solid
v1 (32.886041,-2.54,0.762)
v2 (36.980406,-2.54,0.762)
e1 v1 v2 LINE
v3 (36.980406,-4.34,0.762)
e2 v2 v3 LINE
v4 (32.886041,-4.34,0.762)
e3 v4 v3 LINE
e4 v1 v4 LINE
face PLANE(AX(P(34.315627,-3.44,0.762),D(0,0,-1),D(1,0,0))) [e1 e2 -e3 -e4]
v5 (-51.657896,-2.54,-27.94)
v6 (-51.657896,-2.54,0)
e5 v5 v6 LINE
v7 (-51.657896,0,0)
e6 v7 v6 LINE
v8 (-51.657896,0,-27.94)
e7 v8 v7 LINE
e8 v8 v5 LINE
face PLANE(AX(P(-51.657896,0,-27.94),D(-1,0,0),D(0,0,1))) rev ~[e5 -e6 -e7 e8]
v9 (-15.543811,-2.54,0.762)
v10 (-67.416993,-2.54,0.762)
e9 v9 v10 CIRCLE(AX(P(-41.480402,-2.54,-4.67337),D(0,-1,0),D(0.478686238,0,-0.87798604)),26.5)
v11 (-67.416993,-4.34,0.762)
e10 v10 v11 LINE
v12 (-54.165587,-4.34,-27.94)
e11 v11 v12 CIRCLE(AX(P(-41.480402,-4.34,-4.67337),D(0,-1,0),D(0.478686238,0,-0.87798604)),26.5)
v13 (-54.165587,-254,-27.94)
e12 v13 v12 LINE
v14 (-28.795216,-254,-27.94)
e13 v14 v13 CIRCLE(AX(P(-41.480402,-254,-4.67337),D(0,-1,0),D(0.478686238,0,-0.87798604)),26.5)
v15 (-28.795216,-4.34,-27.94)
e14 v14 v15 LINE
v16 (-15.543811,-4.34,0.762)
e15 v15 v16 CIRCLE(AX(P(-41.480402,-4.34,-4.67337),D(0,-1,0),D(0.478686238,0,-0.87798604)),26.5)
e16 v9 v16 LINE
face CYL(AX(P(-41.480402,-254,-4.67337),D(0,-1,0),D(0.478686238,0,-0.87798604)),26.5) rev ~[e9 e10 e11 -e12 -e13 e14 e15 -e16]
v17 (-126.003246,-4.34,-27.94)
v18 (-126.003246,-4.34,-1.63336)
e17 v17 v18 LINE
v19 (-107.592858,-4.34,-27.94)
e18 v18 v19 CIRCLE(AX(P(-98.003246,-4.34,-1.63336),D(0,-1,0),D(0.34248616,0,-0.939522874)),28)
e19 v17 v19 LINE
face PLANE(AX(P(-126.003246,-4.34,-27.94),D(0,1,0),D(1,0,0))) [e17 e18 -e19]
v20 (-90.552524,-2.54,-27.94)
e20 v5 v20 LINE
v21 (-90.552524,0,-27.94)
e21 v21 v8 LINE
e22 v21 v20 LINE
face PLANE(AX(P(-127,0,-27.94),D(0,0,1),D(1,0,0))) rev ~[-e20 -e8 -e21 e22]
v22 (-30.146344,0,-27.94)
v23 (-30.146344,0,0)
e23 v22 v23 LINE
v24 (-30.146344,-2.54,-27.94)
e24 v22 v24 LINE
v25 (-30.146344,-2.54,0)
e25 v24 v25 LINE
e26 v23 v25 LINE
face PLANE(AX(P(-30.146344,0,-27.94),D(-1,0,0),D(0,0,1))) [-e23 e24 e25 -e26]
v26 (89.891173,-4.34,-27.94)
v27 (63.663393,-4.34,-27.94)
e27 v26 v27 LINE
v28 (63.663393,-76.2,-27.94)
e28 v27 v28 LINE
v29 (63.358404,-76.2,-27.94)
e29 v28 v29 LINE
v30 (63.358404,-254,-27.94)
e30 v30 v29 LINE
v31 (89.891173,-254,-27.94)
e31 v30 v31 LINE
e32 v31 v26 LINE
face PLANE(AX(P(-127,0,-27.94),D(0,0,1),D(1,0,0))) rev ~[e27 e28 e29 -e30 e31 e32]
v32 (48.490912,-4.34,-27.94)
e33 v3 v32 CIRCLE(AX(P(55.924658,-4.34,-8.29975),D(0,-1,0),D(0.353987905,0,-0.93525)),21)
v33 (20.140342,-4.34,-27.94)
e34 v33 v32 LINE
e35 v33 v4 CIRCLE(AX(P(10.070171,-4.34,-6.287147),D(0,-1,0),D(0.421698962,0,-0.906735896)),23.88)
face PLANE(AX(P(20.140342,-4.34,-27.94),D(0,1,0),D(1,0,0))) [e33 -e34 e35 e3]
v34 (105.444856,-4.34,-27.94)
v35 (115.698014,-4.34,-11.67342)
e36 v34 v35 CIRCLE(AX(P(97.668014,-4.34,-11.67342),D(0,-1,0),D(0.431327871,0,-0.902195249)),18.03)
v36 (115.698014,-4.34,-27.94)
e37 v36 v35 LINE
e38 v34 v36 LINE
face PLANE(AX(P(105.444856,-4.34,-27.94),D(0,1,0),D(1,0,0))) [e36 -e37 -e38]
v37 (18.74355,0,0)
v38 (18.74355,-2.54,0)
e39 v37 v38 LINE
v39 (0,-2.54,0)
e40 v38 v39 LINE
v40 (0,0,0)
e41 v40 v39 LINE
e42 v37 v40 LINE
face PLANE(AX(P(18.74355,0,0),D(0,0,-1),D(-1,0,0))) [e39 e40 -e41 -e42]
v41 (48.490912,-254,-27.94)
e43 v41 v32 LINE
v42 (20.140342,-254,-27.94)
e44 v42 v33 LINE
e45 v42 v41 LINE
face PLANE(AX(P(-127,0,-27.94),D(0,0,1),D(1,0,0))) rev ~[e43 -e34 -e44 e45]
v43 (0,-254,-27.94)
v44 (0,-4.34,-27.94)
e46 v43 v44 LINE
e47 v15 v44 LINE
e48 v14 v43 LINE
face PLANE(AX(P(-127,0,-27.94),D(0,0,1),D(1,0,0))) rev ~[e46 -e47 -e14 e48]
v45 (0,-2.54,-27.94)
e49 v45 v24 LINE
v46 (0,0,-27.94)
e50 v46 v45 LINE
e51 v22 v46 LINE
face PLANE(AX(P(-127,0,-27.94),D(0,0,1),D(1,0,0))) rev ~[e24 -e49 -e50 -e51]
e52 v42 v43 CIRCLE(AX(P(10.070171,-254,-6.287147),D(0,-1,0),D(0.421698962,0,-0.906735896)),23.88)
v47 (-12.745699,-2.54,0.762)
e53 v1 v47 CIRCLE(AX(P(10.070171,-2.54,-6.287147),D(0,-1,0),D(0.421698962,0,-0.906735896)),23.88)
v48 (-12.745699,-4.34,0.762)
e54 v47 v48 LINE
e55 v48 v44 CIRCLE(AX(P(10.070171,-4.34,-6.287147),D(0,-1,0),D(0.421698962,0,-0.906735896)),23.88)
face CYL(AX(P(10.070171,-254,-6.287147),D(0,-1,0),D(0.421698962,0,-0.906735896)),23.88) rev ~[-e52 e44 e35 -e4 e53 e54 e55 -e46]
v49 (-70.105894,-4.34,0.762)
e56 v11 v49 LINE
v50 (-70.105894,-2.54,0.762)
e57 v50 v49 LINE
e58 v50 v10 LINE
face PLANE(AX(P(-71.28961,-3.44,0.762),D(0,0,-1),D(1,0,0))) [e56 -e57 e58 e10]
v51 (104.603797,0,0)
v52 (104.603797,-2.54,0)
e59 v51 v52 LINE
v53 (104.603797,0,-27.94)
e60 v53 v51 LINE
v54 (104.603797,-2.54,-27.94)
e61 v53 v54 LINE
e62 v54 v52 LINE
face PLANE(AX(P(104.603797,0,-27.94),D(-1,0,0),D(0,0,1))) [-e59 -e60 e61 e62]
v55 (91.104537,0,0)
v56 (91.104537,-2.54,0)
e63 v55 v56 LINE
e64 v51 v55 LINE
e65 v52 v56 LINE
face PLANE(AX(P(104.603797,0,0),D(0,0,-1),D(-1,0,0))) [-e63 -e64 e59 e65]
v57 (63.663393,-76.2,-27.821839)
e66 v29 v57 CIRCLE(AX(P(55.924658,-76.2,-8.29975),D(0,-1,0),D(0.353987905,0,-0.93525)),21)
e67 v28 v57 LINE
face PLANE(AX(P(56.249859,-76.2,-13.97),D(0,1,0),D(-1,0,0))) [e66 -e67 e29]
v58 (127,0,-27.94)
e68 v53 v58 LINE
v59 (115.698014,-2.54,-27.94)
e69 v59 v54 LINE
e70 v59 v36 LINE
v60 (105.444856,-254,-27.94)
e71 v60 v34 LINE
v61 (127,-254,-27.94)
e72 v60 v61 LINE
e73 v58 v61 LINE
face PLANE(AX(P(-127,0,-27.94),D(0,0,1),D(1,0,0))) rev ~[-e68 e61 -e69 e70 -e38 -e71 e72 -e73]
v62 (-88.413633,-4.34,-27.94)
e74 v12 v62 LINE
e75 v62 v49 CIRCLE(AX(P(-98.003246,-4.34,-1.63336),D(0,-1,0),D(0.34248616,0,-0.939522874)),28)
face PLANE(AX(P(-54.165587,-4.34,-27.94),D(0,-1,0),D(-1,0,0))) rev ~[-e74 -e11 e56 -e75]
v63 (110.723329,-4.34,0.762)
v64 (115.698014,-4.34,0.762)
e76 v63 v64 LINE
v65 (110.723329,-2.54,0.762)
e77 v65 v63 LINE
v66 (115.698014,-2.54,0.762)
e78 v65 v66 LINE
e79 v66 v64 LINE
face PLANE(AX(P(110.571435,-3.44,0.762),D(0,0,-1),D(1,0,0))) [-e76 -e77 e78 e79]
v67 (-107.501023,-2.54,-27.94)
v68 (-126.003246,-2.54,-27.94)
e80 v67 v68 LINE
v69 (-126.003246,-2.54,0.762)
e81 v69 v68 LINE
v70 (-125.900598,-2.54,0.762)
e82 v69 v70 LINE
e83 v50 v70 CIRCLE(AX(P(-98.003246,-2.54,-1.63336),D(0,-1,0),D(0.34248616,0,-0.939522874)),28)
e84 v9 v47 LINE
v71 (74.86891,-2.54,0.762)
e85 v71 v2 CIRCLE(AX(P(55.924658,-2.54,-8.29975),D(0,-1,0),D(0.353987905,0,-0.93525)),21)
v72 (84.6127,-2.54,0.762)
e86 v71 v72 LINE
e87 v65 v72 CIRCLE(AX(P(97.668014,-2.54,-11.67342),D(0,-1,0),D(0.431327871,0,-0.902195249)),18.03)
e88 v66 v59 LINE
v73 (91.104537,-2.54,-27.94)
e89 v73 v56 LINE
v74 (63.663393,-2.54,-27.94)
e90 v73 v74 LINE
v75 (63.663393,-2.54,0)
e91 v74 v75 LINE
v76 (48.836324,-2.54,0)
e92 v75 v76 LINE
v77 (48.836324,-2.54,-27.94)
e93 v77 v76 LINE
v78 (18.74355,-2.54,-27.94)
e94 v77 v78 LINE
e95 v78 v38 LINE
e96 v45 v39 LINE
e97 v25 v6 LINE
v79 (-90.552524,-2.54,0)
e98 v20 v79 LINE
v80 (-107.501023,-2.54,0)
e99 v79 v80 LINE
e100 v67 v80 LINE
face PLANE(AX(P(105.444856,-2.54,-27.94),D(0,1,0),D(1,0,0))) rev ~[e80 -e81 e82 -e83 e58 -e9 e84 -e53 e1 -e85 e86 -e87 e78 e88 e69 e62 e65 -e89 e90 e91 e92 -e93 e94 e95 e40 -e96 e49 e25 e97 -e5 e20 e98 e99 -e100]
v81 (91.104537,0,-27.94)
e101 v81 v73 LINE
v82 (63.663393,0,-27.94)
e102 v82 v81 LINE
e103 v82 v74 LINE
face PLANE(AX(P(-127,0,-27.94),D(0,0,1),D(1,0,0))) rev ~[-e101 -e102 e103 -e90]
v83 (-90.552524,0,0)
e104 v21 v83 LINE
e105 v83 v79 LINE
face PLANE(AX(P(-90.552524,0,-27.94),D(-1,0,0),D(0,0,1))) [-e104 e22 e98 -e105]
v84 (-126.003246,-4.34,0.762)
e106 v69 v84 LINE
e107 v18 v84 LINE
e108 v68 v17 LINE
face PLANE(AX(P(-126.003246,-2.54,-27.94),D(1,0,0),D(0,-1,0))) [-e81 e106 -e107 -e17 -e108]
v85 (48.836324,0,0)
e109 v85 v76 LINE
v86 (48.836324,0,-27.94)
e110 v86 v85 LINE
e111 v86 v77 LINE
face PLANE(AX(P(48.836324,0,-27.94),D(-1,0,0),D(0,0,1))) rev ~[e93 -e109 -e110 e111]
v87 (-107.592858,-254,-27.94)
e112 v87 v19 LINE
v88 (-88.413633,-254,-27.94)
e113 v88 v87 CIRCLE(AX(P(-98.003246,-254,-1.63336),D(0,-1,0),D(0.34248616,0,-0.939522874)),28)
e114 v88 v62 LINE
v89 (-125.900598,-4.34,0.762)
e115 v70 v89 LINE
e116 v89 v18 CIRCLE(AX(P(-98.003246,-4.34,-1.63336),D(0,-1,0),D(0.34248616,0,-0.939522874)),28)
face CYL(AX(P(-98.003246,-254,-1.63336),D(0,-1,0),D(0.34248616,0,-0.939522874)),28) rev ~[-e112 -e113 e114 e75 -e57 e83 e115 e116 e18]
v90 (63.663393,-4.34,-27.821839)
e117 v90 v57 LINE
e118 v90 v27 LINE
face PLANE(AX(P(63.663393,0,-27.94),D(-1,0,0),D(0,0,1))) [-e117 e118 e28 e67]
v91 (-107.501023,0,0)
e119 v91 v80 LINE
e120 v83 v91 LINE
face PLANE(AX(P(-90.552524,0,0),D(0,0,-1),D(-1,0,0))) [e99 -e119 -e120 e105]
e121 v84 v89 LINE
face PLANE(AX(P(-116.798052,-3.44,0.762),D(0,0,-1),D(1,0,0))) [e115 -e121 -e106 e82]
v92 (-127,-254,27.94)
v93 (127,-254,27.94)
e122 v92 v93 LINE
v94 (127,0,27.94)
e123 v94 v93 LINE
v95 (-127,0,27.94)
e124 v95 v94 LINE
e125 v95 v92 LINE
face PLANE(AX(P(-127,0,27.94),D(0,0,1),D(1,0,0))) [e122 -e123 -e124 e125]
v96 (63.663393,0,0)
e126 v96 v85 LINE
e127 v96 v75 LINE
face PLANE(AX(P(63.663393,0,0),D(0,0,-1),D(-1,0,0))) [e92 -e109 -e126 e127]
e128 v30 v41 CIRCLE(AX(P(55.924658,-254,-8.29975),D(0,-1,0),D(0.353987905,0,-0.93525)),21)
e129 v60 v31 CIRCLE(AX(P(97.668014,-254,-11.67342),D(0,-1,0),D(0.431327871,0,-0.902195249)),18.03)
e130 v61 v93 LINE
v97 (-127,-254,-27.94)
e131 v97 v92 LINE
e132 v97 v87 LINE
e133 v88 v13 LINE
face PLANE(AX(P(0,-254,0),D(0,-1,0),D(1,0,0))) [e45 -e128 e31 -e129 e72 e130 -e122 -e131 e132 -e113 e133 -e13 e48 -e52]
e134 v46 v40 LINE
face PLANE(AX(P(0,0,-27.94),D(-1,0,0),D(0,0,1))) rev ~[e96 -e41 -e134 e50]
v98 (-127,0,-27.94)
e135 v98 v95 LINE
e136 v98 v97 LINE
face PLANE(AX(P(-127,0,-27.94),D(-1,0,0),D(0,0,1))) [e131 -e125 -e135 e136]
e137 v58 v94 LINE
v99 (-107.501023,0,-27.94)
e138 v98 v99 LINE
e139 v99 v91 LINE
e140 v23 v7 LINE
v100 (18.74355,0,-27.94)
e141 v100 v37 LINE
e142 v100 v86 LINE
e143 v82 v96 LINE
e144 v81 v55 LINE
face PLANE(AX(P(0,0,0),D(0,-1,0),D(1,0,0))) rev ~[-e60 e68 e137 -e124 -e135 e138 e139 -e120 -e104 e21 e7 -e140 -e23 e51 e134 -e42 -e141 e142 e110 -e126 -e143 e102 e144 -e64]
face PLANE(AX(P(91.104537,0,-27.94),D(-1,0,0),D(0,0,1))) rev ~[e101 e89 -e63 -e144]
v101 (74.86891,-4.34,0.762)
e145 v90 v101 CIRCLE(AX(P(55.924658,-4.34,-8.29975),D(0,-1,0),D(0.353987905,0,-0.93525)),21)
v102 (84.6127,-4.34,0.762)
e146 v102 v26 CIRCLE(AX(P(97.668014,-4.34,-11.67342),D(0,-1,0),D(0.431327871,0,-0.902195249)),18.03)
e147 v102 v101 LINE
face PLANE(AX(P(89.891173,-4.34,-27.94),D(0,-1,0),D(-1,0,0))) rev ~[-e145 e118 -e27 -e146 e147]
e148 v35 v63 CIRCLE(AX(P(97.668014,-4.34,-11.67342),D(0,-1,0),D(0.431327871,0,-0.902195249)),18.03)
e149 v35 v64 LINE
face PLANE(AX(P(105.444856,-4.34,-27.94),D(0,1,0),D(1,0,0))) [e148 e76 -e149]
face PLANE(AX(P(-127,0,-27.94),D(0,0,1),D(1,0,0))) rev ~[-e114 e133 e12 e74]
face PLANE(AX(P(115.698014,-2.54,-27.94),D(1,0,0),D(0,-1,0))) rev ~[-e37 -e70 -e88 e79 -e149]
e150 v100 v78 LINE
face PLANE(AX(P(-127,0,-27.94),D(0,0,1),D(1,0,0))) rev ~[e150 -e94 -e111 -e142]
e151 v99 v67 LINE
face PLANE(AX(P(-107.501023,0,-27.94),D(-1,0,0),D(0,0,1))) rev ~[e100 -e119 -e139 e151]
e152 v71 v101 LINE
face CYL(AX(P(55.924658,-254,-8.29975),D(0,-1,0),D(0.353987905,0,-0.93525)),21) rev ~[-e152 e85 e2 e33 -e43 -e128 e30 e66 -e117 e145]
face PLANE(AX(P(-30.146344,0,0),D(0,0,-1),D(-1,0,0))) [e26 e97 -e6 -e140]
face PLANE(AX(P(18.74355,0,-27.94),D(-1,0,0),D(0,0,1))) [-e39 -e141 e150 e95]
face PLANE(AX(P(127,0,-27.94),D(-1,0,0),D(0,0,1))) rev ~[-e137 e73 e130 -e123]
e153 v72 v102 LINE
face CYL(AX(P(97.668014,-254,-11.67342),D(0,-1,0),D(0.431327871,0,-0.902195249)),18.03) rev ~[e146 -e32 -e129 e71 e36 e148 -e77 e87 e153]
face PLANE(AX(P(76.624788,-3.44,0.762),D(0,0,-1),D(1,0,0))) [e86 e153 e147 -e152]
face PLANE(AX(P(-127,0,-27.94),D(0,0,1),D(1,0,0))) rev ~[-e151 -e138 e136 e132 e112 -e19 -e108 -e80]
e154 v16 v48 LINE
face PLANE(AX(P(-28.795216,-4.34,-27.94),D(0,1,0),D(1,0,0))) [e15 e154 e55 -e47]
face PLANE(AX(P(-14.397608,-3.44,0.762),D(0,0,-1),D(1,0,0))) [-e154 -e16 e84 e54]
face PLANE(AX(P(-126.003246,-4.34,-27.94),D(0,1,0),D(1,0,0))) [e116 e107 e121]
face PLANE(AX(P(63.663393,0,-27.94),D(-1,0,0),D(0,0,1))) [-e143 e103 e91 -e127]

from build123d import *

# Parameters (mm, degrees)
F0_W      = 254
F0_H      = 55.88
F1_DEPTH  = 254
F7_DEPTH  = 251.46
F8_DEPTH  = 251.46
F9_DEPTH  = 251.46
F10_DEPTH = 251.46
F11_DEPTH = 251.46
F12_W     = 18.410387516
F12_H     = 1.8
F12_W_2   = 28.7952162325
F12_W_3   = 28.3505693078
F12_W_4   = 10.2531584787
F13_DEPTH = 28.702
F14_W     = 13.4992599487
F14_H     = 27.94
F14_W_2   = 14.8270688951
F14_W_3   = 18.7435504049
F14_W_4   = 21.5115528554
F14_W_5   = 16.9484987855
F15_DEPTH = 76.2


with BuildPart() as f1:
    # F0 (on Front) → F1 (new body)
    with BuildSketch(Plane.XZ):
        Rectangle(F0_W, F0_H)
    extrude(amount=F1_DEPTH)

    # F6 (on face) → F7 (cut)
    with BuildSketch(Plane.XZ.offset(254)):
        with BuildLine():
            ThreePointArc((105.444855988, -27.94), (97.6680144668, 6.3565803399), (89.8911729455, -27.94))
            Line((89.8911729455, -27.94), (105.444855988, -27.94))
        make_face()
    extrude(amount=-F7_DEPTH, mode=Mode.SUBTRACT)

    # F5 (on face) → F8 (cut)
    with BuildSketch(Plane.XZ.offset(254)):
        with BuildLine():
            ThreePointArc((63.3584037423, -27.94), (55.9246577322, 12.700250005), (48.4909117222, -27.94))
            Line((48.4909117222, -27.94), (63.3584037423, -27.94))
        make_face()
    extrude(amount=-F8_DEPTH, mode=Mode.SUBTRACT)

    # F4 (on face) → F9 (cut)
    with BuildSketch(Plane.XZ.offset(254)):
        with BuildLine():
            ThreePointArc((20.1403424144, -27.94), (10.0701712072, 17.5928532036), (0, -27.94))
            Line((0, -27.94), (20.1403424144, -27.94))
        make_face()
    extrude(amount=-F9_DEPTH, mode=Mode.SUBTRACT)

    # F3 (on face) → F10 (cut)
    with BuildSketch(Plane.XZ.offset(254)):
        with BuildLine():
            ThreePointArc((-28.7952162325, -27.94), (-41.4804015309, 21.8266300514), (-54.1655868292, -27.94))
            Line((-54.1655868292, -27.94), (-28.7952162325, -27.94))
        make_face()
    extrude(amount=-F10_DEPTH, mode=Mode.SUBTRACT)

    # F2 (on face) → F11 (cut)
    with BuildSketch(Plane.XZ.offset(254)):
        with BuildLine():
            Line((-107.5928583741, -27.94), (-88.4136334062, -27.94))
            ThreePointArc((-88.4136334062, -27.94), (-98.0032458901, 26.3666404622), (-107.5928583741, -27.94))
        make_face()
    extrude(amount=-F11_DEPTH, mode=Mode.SUBTRACT)

    # F12 (on face) → F13 (cut)
    with BuildSketch(Plane(origin=(0, 0, -27.94), x_dir=(1, 0, 0), z_dir=(0, 0, -1))):
        with Locations((-116.7980521321, 3.44)):
            Rectangle(F12_W, F12_H)
        Polygon((-70.0032458901, 4.34), (-88.4136334062, 4.34), (-88.4136334062, 2.54), (-70.0032458901, 2.54), (-54.1655868292, 2.54), (-54.1655868292, 4.34), align=None)
        with Locations((-14.3976081163, 3.44)):
            Rectangle(F12_W_2, F12_H)
        with Locations((34.3156270683, 3.44)):
            Rectangle(F12_W_3, F12_H)
        Polygon((89.8911729455, 2.54), (89.8911729455, 4.34), (63.3584037423, 4.34), (63.3584037423, 2.54), (79.6380144668, 2.54), align=None)
        with Locations((110.5714352274, 3.44)):
            Rectangle(F12_W_4, F12_H)
    extrude(amount=-F13_DEPTH, mode=Mode.SUBTRACT)

    # F14 (on face) → F15 (cut)
    with BuildSketch(Plane(origin=(0, 0, 0), x_dir=(-1, 0, 0), z_dir=(0, 1, 0))):
        with Locations((-97.854167223, -13.97)):
            Rectangle(F14_W, F14_H)
        with Locations((-56.2498588115, -13.97)):
            Rectangle(F14_W_2, F14_H)
        with Locations((-9.3717752025, -13.97)):
            Rectangle(F14_W_3, F14_H)
        with Locations((40.9021200612, -13.97)):
            Rectangle(F14_W_4, F14_H)
        with Locations((99.0267731249, -13.97)):
            Rectangle(F14_W_5, F14_H)
    extrude(amount=-F15_DEPTH, mode=Mode.SUBTRACT)


solid = f1.part
